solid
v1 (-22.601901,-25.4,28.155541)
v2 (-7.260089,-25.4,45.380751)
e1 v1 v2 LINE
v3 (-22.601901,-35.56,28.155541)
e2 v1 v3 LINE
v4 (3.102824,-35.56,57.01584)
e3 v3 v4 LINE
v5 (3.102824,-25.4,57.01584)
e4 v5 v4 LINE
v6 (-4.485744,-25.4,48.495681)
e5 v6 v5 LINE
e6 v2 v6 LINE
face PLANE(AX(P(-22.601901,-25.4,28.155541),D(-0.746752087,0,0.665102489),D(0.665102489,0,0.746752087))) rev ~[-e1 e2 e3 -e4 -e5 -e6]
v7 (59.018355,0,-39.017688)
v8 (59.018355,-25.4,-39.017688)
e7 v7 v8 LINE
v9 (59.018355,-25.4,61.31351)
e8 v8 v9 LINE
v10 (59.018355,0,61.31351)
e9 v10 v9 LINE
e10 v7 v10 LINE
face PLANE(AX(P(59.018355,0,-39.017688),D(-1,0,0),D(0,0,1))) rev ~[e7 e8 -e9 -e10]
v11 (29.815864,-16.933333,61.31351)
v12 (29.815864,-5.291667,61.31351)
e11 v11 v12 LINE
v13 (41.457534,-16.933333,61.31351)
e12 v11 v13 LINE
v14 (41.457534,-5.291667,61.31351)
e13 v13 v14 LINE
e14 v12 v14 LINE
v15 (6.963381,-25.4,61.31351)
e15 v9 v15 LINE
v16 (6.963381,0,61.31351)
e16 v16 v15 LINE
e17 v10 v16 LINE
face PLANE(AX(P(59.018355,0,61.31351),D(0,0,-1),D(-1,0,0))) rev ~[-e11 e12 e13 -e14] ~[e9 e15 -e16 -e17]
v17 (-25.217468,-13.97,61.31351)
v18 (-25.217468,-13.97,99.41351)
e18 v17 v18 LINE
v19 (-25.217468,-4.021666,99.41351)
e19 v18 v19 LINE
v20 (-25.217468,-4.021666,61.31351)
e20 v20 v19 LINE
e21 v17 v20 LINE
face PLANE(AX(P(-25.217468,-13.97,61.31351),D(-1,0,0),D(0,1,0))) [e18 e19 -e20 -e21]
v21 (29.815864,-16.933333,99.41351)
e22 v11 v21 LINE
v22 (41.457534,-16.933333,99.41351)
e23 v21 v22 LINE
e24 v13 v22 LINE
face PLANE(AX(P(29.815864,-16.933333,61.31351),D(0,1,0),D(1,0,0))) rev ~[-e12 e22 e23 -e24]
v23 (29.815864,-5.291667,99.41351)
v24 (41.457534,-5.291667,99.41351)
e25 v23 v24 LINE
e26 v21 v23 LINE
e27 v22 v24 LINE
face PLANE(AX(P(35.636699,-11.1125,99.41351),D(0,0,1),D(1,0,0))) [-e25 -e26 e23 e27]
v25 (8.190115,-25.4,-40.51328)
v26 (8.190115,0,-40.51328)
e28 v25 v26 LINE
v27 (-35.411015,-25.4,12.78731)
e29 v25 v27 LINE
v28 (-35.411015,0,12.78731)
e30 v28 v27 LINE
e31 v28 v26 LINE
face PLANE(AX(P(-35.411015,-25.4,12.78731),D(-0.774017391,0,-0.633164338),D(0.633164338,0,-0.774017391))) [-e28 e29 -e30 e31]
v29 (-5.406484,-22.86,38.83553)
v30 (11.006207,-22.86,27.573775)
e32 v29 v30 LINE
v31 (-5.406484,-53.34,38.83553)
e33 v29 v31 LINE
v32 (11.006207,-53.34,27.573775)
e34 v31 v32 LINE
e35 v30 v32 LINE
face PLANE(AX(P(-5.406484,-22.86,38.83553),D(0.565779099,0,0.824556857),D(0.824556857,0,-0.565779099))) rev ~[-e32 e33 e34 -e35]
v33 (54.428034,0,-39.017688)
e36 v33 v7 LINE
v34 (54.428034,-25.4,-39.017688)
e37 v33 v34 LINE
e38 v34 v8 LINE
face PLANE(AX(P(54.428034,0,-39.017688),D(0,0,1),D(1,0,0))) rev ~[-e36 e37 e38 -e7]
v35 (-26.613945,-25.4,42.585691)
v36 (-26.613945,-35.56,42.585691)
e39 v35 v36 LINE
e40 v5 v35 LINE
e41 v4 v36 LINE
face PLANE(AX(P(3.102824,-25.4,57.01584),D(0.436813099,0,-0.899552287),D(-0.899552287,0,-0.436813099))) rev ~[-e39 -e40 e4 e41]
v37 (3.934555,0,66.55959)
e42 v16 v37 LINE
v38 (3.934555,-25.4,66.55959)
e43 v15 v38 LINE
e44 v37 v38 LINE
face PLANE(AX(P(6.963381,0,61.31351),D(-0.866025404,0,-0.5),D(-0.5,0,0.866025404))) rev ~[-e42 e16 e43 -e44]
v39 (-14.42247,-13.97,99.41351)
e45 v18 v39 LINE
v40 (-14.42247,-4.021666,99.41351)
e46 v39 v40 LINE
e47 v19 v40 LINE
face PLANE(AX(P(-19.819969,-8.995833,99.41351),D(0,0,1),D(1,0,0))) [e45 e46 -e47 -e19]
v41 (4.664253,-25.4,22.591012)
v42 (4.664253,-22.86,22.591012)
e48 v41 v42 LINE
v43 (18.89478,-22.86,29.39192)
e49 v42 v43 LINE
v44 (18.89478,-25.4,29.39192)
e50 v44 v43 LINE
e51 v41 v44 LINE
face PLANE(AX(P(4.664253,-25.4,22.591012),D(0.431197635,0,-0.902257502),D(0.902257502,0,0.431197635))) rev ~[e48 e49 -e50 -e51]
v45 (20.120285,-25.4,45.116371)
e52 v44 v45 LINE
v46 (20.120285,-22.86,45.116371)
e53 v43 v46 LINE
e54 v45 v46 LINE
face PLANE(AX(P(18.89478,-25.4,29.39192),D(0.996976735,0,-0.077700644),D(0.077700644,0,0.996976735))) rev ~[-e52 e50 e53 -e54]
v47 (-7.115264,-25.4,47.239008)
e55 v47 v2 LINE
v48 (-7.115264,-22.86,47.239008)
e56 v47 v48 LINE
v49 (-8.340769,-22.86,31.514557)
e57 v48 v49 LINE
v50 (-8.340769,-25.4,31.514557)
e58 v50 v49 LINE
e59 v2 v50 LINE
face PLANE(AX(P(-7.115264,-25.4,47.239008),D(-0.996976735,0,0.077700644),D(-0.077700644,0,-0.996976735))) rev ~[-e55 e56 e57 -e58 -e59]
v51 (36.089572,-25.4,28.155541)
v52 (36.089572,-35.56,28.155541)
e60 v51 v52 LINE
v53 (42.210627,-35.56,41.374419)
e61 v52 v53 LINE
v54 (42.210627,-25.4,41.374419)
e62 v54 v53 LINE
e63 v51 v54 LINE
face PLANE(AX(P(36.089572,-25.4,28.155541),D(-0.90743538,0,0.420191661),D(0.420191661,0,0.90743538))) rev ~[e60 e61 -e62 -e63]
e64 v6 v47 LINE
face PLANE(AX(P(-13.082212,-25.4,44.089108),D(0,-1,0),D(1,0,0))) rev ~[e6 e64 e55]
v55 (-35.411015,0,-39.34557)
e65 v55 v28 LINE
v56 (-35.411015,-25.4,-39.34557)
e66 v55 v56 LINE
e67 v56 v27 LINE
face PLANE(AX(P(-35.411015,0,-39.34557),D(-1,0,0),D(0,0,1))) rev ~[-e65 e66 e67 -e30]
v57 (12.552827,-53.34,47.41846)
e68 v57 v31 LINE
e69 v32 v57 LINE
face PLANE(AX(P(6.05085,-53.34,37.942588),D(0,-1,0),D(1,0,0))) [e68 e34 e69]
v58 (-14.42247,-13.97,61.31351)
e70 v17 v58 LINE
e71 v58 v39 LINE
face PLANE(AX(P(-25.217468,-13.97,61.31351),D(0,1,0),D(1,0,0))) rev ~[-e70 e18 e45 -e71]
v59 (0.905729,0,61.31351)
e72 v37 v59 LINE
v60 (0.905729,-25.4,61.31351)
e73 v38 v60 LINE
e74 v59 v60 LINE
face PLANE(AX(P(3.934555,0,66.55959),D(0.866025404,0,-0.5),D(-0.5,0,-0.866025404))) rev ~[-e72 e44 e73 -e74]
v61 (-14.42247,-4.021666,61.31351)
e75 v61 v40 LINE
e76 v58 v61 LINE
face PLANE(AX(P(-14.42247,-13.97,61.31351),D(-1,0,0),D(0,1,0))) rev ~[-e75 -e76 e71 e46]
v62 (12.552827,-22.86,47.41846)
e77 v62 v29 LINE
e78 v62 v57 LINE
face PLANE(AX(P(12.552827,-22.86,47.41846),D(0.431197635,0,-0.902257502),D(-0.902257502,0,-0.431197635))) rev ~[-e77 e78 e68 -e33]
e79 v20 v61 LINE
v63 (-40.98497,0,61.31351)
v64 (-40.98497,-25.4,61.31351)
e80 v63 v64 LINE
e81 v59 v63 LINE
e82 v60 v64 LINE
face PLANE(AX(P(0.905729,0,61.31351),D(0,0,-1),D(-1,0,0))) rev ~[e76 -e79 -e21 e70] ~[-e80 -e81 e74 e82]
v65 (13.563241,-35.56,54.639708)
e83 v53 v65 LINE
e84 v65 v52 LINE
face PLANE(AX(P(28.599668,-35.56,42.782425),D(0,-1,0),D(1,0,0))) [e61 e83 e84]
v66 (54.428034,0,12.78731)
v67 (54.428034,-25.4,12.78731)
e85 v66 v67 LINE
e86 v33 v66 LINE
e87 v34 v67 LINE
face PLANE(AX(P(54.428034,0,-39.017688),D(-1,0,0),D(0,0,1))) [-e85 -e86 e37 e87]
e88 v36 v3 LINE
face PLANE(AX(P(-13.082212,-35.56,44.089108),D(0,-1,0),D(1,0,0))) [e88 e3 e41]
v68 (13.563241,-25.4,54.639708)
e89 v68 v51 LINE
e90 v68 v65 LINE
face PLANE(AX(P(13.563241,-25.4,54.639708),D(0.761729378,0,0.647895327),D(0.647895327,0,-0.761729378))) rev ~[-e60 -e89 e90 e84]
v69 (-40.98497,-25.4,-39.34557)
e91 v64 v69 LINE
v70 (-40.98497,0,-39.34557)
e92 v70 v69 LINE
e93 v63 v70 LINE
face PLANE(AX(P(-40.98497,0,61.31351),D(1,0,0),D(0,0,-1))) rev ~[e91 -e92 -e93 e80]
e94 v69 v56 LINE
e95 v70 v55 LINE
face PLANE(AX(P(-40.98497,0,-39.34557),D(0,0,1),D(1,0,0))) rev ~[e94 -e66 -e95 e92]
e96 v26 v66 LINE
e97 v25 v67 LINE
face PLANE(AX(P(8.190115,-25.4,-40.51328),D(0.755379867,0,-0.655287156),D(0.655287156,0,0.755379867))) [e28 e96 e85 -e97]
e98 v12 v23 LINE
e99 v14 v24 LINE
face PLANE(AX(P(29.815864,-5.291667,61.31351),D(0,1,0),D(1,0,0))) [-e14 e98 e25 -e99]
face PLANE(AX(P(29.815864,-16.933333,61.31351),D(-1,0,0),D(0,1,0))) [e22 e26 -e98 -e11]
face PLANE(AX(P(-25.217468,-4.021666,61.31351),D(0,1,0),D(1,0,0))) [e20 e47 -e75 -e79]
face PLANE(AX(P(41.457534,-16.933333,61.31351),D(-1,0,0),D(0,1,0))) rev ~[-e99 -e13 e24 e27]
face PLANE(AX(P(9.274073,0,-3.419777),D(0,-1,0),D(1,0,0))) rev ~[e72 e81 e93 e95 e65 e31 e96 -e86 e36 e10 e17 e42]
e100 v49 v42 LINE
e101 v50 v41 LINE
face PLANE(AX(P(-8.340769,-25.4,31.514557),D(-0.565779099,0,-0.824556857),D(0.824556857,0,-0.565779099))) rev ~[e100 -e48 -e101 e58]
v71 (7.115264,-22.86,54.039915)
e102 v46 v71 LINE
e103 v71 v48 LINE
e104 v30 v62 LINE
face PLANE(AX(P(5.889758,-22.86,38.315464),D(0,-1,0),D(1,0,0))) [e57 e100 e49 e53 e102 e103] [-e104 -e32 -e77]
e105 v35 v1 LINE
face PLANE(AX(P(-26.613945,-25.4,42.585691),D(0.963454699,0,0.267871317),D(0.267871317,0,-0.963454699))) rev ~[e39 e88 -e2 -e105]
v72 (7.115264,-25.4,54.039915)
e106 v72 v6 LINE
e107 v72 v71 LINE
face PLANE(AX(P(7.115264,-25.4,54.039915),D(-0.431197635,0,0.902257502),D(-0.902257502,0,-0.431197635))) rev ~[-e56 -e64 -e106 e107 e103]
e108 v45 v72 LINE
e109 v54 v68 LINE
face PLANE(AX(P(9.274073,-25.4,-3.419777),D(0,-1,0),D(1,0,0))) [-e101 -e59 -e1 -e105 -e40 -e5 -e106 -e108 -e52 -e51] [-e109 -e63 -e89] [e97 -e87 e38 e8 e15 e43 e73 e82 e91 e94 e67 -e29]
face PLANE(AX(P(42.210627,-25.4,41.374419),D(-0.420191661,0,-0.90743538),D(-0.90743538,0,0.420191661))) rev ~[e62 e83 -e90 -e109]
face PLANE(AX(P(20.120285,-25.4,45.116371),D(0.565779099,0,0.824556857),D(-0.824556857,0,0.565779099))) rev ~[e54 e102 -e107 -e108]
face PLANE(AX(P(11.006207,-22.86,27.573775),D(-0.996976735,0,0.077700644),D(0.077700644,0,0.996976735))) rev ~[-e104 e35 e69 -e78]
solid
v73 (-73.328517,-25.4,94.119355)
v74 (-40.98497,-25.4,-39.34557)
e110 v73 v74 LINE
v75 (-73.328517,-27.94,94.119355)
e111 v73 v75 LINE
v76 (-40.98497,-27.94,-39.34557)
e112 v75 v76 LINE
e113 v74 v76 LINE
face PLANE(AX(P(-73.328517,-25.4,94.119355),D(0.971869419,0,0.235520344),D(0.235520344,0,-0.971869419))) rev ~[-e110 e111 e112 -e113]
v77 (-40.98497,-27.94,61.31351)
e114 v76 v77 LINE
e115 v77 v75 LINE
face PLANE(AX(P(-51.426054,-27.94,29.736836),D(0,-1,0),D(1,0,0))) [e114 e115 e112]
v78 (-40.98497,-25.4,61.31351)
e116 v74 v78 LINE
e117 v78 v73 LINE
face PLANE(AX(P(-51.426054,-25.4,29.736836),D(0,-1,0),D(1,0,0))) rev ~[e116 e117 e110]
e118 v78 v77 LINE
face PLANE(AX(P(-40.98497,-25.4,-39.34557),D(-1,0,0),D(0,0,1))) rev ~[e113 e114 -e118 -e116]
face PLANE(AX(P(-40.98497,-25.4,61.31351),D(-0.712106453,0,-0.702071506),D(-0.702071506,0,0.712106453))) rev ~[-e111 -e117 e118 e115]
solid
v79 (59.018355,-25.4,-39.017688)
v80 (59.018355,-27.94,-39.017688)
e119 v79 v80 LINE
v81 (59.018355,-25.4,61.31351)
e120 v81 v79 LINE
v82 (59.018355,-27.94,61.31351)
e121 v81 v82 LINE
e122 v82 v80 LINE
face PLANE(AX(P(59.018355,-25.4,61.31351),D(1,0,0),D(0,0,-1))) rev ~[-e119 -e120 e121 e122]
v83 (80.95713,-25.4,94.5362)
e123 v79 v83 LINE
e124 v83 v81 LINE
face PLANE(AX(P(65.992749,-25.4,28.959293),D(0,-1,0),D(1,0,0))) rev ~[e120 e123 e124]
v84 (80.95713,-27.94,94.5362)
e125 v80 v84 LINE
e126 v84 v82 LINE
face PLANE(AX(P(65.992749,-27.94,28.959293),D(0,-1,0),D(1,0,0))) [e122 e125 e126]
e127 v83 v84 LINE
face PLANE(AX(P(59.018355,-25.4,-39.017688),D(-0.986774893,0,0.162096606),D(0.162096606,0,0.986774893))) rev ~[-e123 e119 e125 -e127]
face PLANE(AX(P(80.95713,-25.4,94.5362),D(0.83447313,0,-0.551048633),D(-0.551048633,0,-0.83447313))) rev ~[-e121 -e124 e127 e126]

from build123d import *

# Parameters (mm, degrees)
F0_W      = 5.5739544332
F0_H      = 52.1328803152
F0_W_2    = 4.5903213322
F0_H_2    = 51.8049988896
F1_DEPTH  = 25.4
F3_DEPTH  = 2.54
F5_DEPTH  = 2.54
F7_DEPTH  = 30.48
F8_W      = 11.6416700184
F8_H      = 11.6416662931
F8_W_2    = 10.7949981466
F8_H_2    = 9.9483337253
F9_DEPTH  = 38.1
F11_DEPTH = 10.16
F13_DEPTH = 5.08
F15_DEPTH = 25.4


with BuildPart() as f1:
    # F0 (on Front) → F1 (new body)
    with BuildSketch(Plane.XZ):
        Polygon((-40.9849695861, 61.3135099411), (-40.9849695861, 12.7873104066), (-35.4110151529, 12.7873104066), (-7.8691178933, 12.7873104066), (22.2958195955, 12.7873104066), (54.4280335307, 12.7873104066), (59.0183548629, 12.7873104066), (59.0183548629, 61.3135099411), (6.9633811861, 61.3135099411), (24.947018414, 30.1649365574), (-17.0779079713, 30.1649365574), (0.9057292566, 61.3135099411), align=None)
        with Locations((-38.1979923695, -13.279129751)):
            Rectangle(F0_W, F0_H)
        with BuildLine():
            Line((22.2958195955, 12.7873104066), (-7.8691178933, 12.7873104066))
            ThreePointArc((-7.8691178933, 12.7873104066), (-4.8255429787, 9.4580783197), (-2.0328208254, 5.9157856266))
            ThreePointArc((-2.0328208254, 5.9157856266), (5.2186895972, -7.0208173818), (9.1806305572, -21.3121827692))
            ThreePointArc((9.1806305572, -21.3121827692), (19.1156867099, -5.5614598226), (22.2958195955, 12.7873104066))
        make_face()
        with BuildLine():
            ThreePointArc((-2.0328208254, 5.9157856266), (-4.8255429787, 9.4580783197), (-7.8691178933, 12.7873104066))
            ThreePointArc((-7.8691178933, 12.7873104066), (-18.7687746779, -1.7887329993), (-8.3092054777, -16.6837312046))
            ThreePointArc((-8.3092054777, -16.6837312046), (-7.7508381444, -4.6674984453), (-2.0328208254, 5.9157856266))
        make_face()
        Polygon((3.9345552213, 66.5595903993), (0.9057292566, 61.3135099411), (6.9633811861, 61.3135099411), align=None)
        Polygon((6.9633811861, 61.3135099411), (0.9057292566, 61.3135099411), (-17.0779079713, 30.1649365574), (24.947018414, 30.1649365574), align=None)
        with Locations((56.7231941968, -13.1151890382)):
            Rectangle(F0_W_2, F0_H_2)
    extrude(amount=F1_DEPTH)

    # F2 (on face) → F3 (cut)
    with BuildSketch(Plane.XZ.offset(25.4)):
        Polygon((7.1152635136, 54.0399153627), (-7.1152635136, 47.2390080892), (-8.3407685595, 31.5145565376), (4.6642534218, 22.5910122596), (18.8947804489, 29.3919195331), (20.1202854949, 45.1163710847), align=None)
    extrude(amount=-F3_DEPTH, mode=Mode.SUBTRACT)

    # F6 (on face) → F7 (join)
    with BuildSketch(Plane.XZ.offset(22.86)):
        Polygon((11.0062066034, 27.5737748613), (12.5528272673, 47.4184599407), (-5.4064844735, 38.835530186), align=None)
    extrude(amount=F7_DEPTH)

    # F8 (on face) → F9 (join)
    with BuildSketch(Plane.XY.offset(61.3135099411)):
        with Locations((35.6366988271, -11.1124999821)):
            Rectangle(F8_W, F8_H)
        with Locations((-19.8199688457, -8.9958328754)):
            Rectangle(F8_W_2, F8_H_2)
    extrude(amount=F9_DEPTH)

    # F10 (on face) → F11 (join)
    with BuildSketch(Plane.XZ.offset(25.4)):
        Polygon((-26.6139451414, 42.5856905058), (-22.6019006222, 28.1555410475), (3.1028238591, 57.0158399642), align=None)
        Polygon((42.2106273472, 41.3744188845), (13.5632408783, 54.6397082508), (36.0895719485, 28.1555410475), align=None)
    extrude(amount=F11_DEPTH)

    # F12 (on face) → F13 (cut)
    with BuildSketch(Plane.XZ.offset(25.4)):
        Polygon((42.4381633341, 52.4575896561), (42.7437583864, 52.4575896561), (43.0469437303, 52.4958908722), (43.342937952, 52.5718892712), (43.6270730458, 52.6843863131), (43.8948680314, 52.8316078523), (44.142099622, 53.0112321172), (44.3648688278, 53.2204263258), (44.5596624452, 53.4558913604), (44.7234084626, 53.7139137969), (44.8535245074, 53.9904244672), (44.947958572, 54.281062633), (45.0052213746, 54.5812447567), (45.0244098467, 54.8862367868), (45.0052213746, 55.191228817), (44.947958572, 55.4914109407), (44.8535245074, 55.7820491065), (44.7234084626, 56.0585597768), (44.5596624452, 56.3165822133), (44.3648688278, 56.5520472479), (44.142099622, 56.7612414565), (43.8948680314, 56.9408657214), (43.6270730458, 57.0880872606), (43.342937952, 57.2005843025), (43.0469437303, 57.2765827015), (42.7437583864, 57.3148839176), (42.4381633341, 57.3148839176), (42.1349779902, 57.2765827015), (41.8389837685, 57.2005843025), (41.5548486747, 57.0880872606), (41.2870536891, 56.9408657214), (41.0398220985, 56.7612414565), (40.8170528927, 56.5520472479), (40.6222592753, 56.3165822133), (40.4585132579, 56.0585597768), (40.3283972131, 55.7820491065), (40.2339631485, 55.4914109407), (40.1767003459, 55.191228817), (40.1575118738, 54.8862367868), (40.1767003459, 54.5812447567), (40.2339631485, 54.281062633), (40.3283972131, 53.9904244672), (40.4585132579, 53.7139137969), (40.6222592753, 53.4558913604), (40.8170528927, 53.2204263258), (41.0398220985, 53.0112321172), (41.2870536891, 52.8316078523), (41.5548486747, 52.6843863131), (41.8389837685, 52.5718892712), (42.1349779902, 52.4958908722), align=None)
        Polygon((-27.9694433308, 53.8256032829), (-27.8940302335, 54.0436492796), (-27.8465402009, 54.2694276859), (-27.827722179, 54.4993778413), (-27.8378729394, 54.7298732946), (-27.8768323985, 54.9572789948), (-27.9439861424, 55.1780086181), (-28.0382751163, 55.3885811265), (-28.158212327, 55.5856756659), (-28.3019062928, 55.7661839375), (-28.4670908742, 55.927259218), (-28.6511610115, 56.0663612542), (-28.8512138089, 56.1812963237), (-29.0640943141, 56.2702518319), (-29.2864452744, 56.3318248973), (-29.5147600823, 56.3650444758), (-29.745438077, 56.3693866749), (-29.9748413287, 56.3447830154), (-30.199352011, 56.2916215119), (-30.4154294563, 56.2107405528), (-30.6196659944, 56.1034156794), (-30.8088406929, 55.9713394689), (-30.9799701539, 55.8165948422), (-31.1303555635, 55.6416222143), (-31.257625254, 55.4491810082), (-31.3597721063, 55.2423061366), (-31.4351852036, 55.0242601399), (-31.4826752363, 54.7984817337), (-31.5014932582, 54.5685315782), (-31.4913424978, 54.3380361249), (-31.4523830387, 54.1106304248), (-31.3852292948, 53.8899008014), (-31.2909403208, 53.679328293), (-31.1710031102, 53.4822337537), (-31.0273091444, 53.3017254821), (-30.862124563, 53.1406502015), (-30.6780544256, 53.0015481654), (-30.4780016283, 52.8866130958), (-30.2651211231, 52.7976575876), (-30.0427701628, 52.7360845222), (-29.8144553549, 52.7028649437), (-29.5837773602, 52.6985227447), (-29.3543741085, 52.7231264041), (-29.1298634262, 52.7762879077), (-28.9137859808, 52.8571688667), (-28.7095494428, 52.9644937401), (-28.5203747443, 53.0965699506), (-28.3492452833, 53.2513145774), (-28.1988598737, 53.4262872052), (-28.0715901832, 53.6187284113), align=None)
    extrude(amount=F13_DEPTH, mode=Mode.SUBTRACT)

    # F14 (on face) → F15 (join)
    with BuildSketch(Plane.XZ.offset(25.4)):
        Polygon((54.4280335307, 12.7873104066), (-35.4110151529, 12.7873104066), (8.1901153082, -40.5132803528), align=None)
    extrude(amount=-F15_DEPTH)


with BuildPart() as f5:
    # F4 (on face) → F5 (new body)
    with BuildSketch(Plane.XZ.offset(25.4)):
        Polygon((-73.3285173774, 94.1193550825), (-40.9849695861, -39.3455699086), (-40.9849695861, 61.3135099411), align=None)
    extrude(amount=F5_DEPTH)


with BuildPart() as f5b:
    # F4 (on face) → F5, piece 2 (new body)
    with BuildSketch(Plane.XZ.offset(25.4)):
        Polygon((80.9571295977, 94.5362001657), (59.0183548629, 61.3135099411), (59.0183548629, -39.017688483), align=None)
    extrude(amount=F5_DEPTH)


solid = Compound([f1.part, f5.part, f5b.part])
